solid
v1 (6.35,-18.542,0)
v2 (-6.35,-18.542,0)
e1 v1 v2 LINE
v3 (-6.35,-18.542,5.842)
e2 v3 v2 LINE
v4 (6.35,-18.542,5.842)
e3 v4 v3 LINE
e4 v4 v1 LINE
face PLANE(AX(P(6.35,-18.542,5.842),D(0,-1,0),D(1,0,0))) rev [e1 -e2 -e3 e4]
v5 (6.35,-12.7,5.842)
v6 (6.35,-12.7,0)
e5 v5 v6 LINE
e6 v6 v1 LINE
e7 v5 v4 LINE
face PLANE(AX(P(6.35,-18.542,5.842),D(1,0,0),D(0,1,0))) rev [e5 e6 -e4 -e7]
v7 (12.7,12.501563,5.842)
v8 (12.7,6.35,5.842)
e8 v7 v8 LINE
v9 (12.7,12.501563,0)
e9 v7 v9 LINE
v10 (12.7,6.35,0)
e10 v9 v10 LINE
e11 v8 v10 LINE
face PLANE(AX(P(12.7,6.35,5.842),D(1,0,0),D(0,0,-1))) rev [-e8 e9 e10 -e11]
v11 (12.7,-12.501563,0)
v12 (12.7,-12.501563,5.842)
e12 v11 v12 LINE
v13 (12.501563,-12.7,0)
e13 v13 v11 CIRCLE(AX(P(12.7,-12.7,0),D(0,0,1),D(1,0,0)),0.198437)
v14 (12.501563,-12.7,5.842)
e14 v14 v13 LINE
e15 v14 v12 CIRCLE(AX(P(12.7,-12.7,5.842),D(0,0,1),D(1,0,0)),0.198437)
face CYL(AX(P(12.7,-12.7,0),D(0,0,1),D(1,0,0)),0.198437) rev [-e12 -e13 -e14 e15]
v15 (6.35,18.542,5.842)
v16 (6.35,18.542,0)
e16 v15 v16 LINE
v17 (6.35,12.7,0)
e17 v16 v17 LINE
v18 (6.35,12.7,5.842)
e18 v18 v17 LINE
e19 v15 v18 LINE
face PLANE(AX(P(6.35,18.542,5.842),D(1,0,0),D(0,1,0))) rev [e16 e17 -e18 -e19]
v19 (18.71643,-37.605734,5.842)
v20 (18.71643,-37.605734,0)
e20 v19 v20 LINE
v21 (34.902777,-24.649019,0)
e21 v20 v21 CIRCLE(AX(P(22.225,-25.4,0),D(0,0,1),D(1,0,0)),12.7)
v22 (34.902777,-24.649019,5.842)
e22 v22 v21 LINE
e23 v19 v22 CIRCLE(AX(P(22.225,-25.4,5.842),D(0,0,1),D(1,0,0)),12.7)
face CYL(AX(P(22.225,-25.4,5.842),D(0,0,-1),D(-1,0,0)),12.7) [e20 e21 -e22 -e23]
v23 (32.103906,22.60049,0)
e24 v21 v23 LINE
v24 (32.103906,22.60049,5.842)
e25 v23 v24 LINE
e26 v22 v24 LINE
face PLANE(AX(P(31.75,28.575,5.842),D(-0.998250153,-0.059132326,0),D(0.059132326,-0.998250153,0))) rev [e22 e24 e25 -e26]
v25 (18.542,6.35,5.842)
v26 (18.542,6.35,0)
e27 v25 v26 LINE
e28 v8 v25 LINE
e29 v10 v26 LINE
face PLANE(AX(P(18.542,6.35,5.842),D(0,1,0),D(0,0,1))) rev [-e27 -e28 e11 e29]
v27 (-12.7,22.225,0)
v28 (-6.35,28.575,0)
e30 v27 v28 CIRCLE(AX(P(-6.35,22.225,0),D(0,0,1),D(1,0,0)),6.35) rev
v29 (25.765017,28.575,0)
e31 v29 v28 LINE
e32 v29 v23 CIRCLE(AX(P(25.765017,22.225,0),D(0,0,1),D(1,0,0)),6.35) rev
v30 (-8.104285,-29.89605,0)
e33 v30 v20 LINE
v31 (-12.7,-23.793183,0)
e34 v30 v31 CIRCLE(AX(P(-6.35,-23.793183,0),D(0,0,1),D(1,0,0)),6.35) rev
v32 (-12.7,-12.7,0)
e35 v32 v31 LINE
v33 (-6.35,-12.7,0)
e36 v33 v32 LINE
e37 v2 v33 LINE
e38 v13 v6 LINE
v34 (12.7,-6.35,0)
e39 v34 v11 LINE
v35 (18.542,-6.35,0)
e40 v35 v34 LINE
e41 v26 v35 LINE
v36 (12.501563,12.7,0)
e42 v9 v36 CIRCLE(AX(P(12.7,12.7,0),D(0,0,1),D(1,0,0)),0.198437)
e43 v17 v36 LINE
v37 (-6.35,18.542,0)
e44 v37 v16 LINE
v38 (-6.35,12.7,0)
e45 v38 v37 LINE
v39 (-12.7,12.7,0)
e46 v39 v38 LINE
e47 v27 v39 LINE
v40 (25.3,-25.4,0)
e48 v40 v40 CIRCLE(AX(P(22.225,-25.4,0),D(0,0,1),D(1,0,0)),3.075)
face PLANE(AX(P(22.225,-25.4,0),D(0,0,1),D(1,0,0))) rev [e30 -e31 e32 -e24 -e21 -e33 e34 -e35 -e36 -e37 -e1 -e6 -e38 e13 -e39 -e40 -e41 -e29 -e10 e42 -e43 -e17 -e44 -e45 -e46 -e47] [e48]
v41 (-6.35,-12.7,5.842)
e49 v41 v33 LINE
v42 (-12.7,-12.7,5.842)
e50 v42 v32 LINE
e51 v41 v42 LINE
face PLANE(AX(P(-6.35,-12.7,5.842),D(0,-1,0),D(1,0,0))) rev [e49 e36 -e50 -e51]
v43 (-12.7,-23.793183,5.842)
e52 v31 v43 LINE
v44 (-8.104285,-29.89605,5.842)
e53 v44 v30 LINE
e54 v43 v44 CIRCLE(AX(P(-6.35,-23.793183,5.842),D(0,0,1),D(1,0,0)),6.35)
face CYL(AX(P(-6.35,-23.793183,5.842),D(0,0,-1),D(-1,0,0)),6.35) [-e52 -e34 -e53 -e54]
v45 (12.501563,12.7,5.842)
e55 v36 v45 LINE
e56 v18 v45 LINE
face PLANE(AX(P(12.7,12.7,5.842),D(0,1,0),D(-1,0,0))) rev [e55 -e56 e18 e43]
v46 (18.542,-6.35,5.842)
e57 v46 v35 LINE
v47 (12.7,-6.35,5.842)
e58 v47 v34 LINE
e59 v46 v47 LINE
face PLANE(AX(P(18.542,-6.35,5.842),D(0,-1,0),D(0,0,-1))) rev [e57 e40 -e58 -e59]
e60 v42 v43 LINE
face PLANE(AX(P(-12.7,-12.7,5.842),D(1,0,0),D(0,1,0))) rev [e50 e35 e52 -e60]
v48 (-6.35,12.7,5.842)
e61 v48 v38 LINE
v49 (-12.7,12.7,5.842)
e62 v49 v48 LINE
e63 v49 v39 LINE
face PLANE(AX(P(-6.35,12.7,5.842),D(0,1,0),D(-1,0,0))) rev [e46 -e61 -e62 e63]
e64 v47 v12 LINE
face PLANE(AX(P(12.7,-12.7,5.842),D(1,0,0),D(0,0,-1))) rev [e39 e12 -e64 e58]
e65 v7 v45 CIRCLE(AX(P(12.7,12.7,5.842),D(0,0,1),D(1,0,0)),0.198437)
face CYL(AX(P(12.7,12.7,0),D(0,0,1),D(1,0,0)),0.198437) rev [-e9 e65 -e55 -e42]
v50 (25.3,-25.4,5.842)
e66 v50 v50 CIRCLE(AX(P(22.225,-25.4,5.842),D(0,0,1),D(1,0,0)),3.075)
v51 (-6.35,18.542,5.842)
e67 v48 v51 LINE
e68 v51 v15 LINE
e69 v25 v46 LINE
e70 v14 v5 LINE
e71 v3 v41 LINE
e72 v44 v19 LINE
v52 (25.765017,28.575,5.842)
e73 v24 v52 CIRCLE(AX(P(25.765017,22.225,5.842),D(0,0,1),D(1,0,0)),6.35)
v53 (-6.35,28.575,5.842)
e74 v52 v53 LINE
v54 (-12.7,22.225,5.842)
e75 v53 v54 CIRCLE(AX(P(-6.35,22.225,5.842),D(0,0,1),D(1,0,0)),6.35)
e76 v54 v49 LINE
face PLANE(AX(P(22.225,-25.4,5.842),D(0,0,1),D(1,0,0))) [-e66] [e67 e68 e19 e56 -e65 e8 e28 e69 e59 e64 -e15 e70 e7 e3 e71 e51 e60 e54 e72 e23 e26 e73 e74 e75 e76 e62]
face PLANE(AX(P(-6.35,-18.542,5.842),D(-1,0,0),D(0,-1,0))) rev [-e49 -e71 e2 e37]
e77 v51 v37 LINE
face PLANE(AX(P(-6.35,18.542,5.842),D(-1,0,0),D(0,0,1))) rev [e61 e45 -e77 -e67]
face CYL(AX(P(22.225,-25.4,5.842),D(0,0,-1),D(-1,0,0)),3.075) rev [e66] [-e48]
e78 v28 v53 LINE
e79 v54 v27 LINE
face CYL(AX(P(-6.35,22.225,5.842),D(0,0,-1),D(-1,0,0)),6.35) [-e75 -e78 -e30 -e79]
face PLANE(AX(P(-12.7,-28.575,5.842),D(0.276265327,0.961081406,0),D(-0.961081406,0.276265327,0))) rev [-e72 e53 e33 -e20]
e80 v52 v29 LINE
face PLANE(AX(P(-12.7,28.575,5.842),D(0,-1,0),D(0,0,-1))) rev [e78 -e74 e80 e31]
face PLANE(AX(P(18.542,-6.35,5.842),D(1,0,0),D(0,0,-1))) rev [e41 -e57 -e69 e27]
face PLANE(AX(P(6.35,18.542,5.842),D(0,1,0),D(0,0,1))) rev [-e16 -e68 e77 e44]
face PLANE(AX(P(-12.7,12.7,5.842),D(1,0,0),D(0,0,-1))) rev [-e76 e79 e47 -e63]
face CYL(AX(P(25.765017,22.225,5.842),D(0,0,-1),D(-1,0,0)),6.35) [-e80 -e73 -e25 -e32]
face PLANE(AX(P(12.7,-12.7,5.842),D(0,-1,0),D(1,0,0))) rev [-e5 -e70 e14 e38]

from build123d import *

# Parameters (mm, degrees)
SKETCH1_R           = 3.075
BOSS_EXTRUDE1_DEPTH = 5.842
FILLET1_R           = 6.35
SKETCH2_R           = 0.1984375
CUT_EXTRUDE1_DEPTH  = 53.014369063


with BuildPart() as part:
    # Sketch1 → Boss-Extrude1 (new body)
    with BuildSketch(Plane.XY):
        with BuildLine():
            Line((12.7, -12.7), (6.35, -12.7))
            Line((6.35, -12.7), (6.35, -18.542))
            Line((6.35, -18.542), (-6.35, -18.542))
            Line((-6.35, -18.542), (-6.35, -12.7))
            Line((-6.35, -12.7), (-12.7, -12.7))
            Line((-12.7, -12.7), (-12.7, -28.575))
            Line((-12.7, -28.575), (18.716430351, -37.605733858))
            ThreePointArc((18.716430351, -37.605733858), (30.161479232, -35.314751505), (34.902776944, -24.649019461))
            Line((34.902776944, -24.649019461), (31.75, 28.575))
            Line((31.75, 28.575), (-12.7, 28.575))
            Line((-12.7, 28.575), (-12.7, 12.7))
            Line((-12.7, 12.7), (-6.35, 12.7))
            Line((-6.35, 12.7), (-6.35, 18.542))
            Line((-6.35, 18.542), (6.35, 18.542))
            Line((6.35, 18.542), (6.35, 12.7))
            Line((6.35, 12.7), (12.7, 12.7))
            Line((12.7, 12.7), (12.7, 6.35))
            Line((12.7, 6.35), (18.542, 6.35))
            Line((18.542, 6.35), (18.542, -6.35))
            Line((18.542, -6.35), (12.7, -6.35))
            Line((12.7, -6.35), (12.7, -12.7))
        make_face()
        with Locations((22.225, -25.4)):
            Circle(SKETCH1_R, mode=Mode.SUBTRACT)
    extrude(amount=BOSS_EXTRUDE1_DEPTH)

    # Fillet1
    fillet1_edges = [part.edges().sort_by_distance(p)[0] for p in [
        (-12.7, 28.575, 2.921),
        (31.75, 28.575, 2.921),
        (-12.7, -28.575, 2.921),
    ]]
    fillet(fillet1_edges, radius=FILLET1_R)

    # Sketch2 → Cut-Extrude1 (cut, through all)
    with BuildSketch(Plane.XY.offset(5.842)):
        with Locations((12.7, 12.7)):
            Circle(SKETCH2_R)
        with Locations((12.7, -12.7)):
            Circle(SKETCH2_R)
    extrude(amount=-CUT_EXTRUDE1_DEPTH, mode=Mode.SUBTRACT)


solid = part.part
